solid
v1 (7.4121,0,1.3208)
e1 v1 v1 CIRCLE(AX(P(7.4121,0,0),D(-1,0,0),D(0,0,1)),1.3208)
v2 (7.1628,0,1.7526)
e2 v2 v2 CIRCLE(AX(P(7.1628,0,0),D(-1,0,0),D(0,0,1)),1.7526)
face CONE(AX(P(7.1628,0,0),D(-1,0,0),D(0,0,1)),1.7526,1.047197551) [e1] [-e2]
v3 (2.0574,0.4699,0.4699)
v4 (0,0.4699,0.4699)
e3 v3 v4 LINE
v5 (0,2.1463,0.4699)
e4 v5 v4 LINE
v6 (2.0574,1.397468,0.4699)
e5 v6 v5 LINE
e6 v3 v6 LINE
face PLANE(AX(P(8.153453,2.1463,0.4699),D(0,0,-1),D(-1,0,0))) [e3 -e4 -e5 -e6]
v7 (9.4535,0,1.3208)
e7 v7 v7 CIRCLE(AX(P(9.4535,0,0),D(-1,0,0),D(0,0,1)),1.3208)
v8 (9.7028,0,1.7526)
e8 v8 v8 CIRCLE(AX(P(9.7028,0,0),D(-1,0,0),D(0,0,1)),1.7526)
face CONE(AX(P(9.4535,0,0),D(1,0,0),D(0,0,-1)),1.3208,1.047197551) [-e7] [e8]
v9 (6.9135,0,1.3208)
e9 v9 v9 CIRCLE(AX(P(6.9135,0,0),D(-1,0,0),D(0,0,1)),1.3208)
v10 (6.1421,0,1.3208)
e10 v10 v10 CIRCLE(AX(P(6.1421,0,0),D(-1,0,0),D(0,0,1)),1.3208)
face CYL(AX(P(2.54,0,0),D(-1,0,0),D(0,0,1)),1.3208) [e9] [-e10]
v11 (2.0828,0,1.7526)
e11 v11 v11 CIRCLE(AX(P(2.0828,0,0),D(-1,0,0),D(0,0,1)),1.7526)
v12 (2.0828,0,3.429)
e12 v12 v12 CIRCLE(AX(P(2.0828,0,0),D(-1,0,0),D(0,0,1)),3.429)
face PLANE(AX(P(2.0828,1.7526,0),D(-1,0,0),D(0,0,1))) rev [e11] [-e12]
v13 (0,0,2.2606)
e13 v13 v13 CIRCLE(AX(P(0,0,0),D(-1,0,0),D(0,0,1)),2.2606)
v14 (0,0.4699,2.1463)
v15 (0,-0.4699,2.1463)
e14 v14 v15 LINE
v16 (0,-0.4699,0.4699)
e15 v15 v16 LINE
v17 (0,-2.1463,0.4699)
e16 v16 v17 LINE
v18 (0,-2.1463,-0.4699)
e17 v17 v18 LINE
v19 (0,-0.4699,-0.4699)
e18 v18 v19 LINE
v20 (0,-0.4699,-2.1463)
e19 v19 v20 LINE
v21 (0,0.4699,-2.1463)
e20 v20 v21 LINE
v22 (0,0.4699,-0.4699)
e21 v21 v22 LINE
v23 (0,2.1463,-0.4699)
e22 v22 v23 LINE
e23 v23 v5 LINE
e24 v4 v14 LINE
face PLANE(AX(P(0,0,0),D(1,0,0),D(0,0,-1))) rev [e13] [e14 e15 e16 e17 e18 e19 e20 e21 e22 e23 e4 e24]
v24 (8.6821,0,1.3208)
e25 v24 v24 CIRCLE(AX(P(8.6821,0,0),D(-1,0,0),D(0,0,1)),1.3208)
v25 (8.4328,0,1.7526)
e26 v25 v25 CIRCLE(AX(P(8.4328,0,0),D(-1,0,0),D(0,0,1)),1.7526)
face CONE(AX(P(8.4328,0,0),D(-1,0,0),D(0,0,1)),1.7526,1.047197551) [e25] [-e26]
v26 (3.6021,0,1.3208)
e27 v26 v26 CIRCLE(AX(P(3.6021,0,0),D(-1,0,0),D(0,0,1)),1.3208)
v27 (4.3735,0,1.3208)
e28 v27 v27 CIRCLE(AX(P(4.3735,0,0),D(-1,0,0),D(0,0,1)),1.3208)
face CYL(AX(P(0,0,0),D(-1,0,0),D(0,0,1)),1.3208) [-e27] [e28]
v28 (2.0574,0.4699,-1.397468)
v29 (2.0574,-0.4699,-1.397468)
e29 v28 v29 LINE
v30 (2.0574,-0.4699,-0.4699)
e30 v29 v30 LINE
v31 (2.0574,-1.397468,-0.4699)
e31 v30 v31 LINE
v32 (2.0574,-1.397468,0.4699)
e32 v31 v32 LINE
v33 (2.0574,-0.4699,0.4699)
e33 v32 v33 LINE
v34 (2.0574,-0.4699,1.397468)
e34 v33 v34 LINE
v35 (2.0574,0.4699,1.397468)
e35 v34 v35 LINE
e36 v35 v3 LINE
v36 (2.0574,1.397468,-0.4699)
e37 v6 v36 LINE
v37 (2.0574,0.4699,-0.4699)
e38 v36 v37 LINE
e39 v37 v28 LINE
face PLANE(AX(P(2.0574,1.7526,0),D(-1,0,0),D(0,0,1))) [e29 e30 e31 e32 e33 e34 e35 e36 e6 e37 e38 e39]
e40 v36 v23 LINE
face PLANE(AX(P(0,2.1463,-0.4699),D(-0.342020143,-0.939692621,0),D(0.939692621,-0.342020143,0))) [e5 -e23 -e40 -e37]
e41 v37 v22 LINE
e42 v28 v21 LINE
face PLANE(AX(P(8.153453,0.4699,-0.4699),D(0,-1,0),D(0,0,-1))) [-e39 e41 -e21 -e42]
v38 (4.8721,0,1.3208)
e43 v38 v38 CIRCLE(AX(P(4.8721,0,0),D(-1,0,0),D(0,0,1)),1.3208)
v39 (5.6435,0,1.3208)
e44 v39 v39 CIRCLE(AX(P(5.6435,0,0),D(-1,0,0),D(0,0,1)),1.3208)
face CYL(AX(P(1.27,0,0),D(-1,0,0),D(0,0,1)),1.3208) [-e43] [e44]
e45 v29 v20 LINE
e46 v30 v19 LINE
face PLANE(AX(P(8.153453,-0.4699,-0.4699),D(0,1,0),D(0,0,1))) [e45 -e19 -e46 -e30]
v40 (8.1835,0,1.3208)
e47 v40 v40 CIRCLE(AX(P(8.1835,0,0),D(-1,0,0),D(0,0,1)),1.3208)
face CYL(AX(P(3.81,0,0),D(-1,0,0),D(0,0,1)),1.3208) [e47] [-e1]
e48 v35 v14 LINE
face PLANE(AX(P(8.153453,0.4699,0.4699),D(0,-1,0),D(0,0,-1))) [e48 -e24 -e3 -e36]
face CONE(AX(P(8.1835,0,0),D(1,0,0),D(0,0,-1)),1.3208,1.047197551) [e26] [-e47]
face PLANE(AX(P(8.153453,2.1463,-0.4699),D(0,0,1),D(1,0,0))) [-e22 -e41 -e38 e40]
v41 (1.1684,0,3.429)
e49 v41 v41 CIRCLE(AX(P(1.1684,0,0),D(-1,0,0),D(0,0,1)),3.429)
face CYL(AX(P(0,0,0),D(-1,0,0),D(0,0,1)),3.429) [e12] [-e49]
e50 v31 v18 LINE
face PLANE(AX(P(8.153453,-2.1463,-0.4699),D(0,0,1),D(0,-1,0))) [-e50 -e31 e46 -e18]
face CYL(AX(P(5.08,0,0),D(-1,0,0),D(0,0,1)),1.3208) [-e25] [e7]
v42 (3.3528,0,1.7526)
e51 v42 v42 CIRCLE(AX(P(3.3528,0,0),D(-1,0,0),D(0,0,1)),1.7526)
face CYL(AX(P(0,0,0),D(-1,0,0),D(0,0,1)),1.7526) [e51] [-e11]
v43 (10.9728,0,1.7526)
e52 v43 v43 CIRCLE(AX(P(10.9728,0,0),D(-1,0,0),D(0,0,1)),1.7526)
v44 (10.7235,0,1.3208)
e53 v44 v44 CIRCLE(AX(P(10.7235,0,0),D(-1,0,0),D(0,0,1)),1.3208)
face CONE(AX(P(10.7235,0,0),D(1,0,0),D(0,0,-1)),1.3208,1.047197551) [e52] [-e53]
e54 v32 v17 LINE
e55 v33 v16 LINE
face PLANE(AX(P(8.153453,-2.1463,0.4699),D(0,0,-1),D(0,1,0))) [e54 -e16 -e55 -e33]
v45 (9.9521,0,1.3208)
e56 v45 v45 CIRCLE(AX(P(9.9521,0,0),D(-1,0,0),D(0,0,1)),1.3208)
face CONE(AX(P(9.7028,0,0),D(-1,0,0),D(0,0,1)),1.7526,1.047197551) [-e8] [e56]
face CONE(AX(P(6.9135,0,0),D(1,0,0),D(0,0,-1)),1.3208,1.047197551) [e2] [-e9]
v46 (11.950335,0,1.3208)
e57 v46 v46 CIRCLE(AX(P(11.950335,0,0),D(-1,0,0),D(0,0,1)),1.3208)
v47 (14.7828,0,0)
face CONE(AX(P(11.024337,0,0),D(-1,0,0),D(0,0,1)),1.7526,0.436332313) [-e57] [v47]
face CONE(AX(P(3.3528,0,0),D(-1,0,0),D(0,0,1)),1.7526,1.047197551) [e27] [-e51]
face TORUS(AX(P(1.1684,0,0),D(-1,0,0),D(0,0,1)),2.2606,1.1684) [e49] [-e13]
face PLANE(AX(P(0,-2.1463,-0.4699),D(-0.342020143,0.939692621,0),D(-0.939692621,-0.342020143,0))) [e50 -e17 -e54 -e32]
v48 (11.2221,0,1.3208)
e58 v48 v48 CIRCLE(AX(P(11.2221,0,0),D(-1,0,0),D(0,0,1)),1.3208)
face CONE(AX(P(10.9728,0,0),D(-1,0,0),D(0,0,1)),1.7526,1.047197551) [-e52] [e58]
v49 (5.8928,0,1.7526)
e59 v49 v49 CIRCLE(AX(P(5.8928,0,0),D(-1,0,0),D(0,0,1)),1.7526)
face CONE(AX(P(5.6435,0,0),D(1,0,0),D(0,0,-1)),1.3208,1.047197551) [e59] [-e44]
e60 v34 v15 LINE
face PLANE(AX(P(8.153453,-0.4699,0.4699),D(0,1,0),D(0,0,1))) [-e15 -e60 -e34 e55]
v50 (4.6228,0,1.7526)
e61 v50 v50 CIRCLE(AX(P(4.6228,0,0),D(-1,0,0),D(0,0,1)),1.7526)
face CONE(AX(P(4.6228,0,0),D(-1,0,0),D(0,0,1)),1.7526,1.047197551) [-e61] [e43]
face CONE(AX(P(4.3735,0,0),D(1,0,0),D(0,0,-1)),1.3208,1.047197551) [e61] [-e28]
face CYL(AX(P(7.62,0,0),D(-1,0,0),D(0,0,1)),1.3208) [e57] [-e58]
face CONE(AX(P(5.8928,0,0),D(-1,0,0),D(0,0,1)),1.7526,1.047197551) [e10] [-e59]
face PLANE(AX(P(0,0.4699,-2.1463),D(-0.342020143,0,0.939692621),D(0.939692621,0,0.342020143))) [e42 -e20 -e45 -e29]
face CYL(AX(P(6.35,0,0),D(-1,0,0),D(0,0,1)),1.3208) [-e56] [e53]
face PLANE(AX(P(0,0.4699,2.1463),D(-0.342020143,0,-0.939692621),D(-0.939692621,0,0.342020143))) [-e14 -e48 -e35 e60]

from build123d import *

# Parameters (mm, degrees)
RECESSII_CUT_EXTRUDE11_DEPTH = 2.0574
DRAFT2_ANGLE                 = 20
LPATTERN1_COUNT              = 9
LPATTERN1_PITCH              = 1.27


with BuildPart() as part:
    # Sketch1 → base-Revolve (revolve)
    with BuildSketch(Plane.XY, mode=Mode.PRIVATE) as base_revolve_sk:
        with BuildLine():
            Line((0, 0), (0, 2.2606))
            ThreePointArc((0, 2.2606), (0.342216437, 3.086783563), (1.1684, 3.429))
            Line((1.1684, 3.429), (2.0828, 3.429))
            Line((2.0828, 3.429), (2.0828, 1.7526))
            Line((2.0828, 1.7526), (14.7828, 1.7526))
            Line((14.7828, 1.7526), (14.7828, 0))
            Line((14.7828, 0), (0, 0))
        make_face()
    revolve(base_revolve_sk.sketch.rotate(Axis((0, 0, 0), (1, 0, 0)), 90), axis=Axis((0, 0, 0), (1, 0, 0)))

    # Sketch3 → recessII_Cut-Extrude11 (cut)
    with BuildSketch(Plane(origin=(0, 0, 0), x_dir=(0, 0, -1), z_dir=(1, 0, 0))):
        Polygon((0.4699, 2.1463), (-0.4699, 2.1463), (-0.4699, 0.4699), (-2.1463, 0.4699), (-2.1463, -0.4699), (-0.4699, -0.4699), (-0.4699, -2.1463), (0.4699, -2.1463), (0.4699, -0.4699), (2.1463, -0.4699), (2.1463, 0.4699), (0.4699, 0.4699), align=None)
    extrude(amount=RECESSII_CUT_EXTRUDE11_DEPTH, mode=Mode.SUBTRACT)

    # Draft2
    draft2_faces = [part.faces().sort_by_distance(p)[0] for p in [
        (1.0287, 0, -2.1463),
        (1.0287, -2.1463, 0),
        (1.0287, 0, 2.1463),
        (1.0287, 2.1463, 0),
    ]]
    draft(draft2_faces, Plane(origin=(0, 0, 0), x_dir=(0, 0, -1), z_dir=(-1, 0, 0)), DRAFT2_ANGLE)

    # thd_Sketch7 → thd_Cut-Revolve2 (revolve, cut)
    with BuildSketch(Plane.XY, mode=Mode.PRIVATE) as thd_cut_revolve2_sk:
        Polygon((3.3528, 1.7526), (3.602099846, 1.3208), (4.373500154, 1.3208), (4.6228, 1.7526), align=None)
    thd_cut_revolve2 = revolve(thd_cut_revolve2_sk.sketch.rotate(Axis((0, 0, 0), (1, 0, 0)), 90), axis=Axis((0, 0, 0), (1, 0, 0)), mode=Mode.SUBTRACT)

    # LPattern1: thd_Cut-Revolve2 ×9
    with Locations(*[(i * LPATTERN1_PITCH, 0, 0) for i in range(1, LPATTERN1_COUNT)]):
        add(thd_cut_revolve2, mode=Mode.SUBTRACT)

    # Sketch14 → point_Cut-Revolve3 (revolve, cut)
    with BuildSketch(Plane.XY, mode=Mode.PRIVATE) as point_cut_revolve3_sk:
        Polygon((14.7828, 0), (11.024337171, 1.7526), (14.967254292, 1.7526), (14.967254292, 0), align=None)
    revolve(point_cut_revolve3_sk.sketch.rotate(Axis((0, 0, 0), (1, 0, 0)), 90), axis=Axis((0, 0, 0), (1, 0, 0)), mode=Mode.SUBTRACT)


solid = part.part
